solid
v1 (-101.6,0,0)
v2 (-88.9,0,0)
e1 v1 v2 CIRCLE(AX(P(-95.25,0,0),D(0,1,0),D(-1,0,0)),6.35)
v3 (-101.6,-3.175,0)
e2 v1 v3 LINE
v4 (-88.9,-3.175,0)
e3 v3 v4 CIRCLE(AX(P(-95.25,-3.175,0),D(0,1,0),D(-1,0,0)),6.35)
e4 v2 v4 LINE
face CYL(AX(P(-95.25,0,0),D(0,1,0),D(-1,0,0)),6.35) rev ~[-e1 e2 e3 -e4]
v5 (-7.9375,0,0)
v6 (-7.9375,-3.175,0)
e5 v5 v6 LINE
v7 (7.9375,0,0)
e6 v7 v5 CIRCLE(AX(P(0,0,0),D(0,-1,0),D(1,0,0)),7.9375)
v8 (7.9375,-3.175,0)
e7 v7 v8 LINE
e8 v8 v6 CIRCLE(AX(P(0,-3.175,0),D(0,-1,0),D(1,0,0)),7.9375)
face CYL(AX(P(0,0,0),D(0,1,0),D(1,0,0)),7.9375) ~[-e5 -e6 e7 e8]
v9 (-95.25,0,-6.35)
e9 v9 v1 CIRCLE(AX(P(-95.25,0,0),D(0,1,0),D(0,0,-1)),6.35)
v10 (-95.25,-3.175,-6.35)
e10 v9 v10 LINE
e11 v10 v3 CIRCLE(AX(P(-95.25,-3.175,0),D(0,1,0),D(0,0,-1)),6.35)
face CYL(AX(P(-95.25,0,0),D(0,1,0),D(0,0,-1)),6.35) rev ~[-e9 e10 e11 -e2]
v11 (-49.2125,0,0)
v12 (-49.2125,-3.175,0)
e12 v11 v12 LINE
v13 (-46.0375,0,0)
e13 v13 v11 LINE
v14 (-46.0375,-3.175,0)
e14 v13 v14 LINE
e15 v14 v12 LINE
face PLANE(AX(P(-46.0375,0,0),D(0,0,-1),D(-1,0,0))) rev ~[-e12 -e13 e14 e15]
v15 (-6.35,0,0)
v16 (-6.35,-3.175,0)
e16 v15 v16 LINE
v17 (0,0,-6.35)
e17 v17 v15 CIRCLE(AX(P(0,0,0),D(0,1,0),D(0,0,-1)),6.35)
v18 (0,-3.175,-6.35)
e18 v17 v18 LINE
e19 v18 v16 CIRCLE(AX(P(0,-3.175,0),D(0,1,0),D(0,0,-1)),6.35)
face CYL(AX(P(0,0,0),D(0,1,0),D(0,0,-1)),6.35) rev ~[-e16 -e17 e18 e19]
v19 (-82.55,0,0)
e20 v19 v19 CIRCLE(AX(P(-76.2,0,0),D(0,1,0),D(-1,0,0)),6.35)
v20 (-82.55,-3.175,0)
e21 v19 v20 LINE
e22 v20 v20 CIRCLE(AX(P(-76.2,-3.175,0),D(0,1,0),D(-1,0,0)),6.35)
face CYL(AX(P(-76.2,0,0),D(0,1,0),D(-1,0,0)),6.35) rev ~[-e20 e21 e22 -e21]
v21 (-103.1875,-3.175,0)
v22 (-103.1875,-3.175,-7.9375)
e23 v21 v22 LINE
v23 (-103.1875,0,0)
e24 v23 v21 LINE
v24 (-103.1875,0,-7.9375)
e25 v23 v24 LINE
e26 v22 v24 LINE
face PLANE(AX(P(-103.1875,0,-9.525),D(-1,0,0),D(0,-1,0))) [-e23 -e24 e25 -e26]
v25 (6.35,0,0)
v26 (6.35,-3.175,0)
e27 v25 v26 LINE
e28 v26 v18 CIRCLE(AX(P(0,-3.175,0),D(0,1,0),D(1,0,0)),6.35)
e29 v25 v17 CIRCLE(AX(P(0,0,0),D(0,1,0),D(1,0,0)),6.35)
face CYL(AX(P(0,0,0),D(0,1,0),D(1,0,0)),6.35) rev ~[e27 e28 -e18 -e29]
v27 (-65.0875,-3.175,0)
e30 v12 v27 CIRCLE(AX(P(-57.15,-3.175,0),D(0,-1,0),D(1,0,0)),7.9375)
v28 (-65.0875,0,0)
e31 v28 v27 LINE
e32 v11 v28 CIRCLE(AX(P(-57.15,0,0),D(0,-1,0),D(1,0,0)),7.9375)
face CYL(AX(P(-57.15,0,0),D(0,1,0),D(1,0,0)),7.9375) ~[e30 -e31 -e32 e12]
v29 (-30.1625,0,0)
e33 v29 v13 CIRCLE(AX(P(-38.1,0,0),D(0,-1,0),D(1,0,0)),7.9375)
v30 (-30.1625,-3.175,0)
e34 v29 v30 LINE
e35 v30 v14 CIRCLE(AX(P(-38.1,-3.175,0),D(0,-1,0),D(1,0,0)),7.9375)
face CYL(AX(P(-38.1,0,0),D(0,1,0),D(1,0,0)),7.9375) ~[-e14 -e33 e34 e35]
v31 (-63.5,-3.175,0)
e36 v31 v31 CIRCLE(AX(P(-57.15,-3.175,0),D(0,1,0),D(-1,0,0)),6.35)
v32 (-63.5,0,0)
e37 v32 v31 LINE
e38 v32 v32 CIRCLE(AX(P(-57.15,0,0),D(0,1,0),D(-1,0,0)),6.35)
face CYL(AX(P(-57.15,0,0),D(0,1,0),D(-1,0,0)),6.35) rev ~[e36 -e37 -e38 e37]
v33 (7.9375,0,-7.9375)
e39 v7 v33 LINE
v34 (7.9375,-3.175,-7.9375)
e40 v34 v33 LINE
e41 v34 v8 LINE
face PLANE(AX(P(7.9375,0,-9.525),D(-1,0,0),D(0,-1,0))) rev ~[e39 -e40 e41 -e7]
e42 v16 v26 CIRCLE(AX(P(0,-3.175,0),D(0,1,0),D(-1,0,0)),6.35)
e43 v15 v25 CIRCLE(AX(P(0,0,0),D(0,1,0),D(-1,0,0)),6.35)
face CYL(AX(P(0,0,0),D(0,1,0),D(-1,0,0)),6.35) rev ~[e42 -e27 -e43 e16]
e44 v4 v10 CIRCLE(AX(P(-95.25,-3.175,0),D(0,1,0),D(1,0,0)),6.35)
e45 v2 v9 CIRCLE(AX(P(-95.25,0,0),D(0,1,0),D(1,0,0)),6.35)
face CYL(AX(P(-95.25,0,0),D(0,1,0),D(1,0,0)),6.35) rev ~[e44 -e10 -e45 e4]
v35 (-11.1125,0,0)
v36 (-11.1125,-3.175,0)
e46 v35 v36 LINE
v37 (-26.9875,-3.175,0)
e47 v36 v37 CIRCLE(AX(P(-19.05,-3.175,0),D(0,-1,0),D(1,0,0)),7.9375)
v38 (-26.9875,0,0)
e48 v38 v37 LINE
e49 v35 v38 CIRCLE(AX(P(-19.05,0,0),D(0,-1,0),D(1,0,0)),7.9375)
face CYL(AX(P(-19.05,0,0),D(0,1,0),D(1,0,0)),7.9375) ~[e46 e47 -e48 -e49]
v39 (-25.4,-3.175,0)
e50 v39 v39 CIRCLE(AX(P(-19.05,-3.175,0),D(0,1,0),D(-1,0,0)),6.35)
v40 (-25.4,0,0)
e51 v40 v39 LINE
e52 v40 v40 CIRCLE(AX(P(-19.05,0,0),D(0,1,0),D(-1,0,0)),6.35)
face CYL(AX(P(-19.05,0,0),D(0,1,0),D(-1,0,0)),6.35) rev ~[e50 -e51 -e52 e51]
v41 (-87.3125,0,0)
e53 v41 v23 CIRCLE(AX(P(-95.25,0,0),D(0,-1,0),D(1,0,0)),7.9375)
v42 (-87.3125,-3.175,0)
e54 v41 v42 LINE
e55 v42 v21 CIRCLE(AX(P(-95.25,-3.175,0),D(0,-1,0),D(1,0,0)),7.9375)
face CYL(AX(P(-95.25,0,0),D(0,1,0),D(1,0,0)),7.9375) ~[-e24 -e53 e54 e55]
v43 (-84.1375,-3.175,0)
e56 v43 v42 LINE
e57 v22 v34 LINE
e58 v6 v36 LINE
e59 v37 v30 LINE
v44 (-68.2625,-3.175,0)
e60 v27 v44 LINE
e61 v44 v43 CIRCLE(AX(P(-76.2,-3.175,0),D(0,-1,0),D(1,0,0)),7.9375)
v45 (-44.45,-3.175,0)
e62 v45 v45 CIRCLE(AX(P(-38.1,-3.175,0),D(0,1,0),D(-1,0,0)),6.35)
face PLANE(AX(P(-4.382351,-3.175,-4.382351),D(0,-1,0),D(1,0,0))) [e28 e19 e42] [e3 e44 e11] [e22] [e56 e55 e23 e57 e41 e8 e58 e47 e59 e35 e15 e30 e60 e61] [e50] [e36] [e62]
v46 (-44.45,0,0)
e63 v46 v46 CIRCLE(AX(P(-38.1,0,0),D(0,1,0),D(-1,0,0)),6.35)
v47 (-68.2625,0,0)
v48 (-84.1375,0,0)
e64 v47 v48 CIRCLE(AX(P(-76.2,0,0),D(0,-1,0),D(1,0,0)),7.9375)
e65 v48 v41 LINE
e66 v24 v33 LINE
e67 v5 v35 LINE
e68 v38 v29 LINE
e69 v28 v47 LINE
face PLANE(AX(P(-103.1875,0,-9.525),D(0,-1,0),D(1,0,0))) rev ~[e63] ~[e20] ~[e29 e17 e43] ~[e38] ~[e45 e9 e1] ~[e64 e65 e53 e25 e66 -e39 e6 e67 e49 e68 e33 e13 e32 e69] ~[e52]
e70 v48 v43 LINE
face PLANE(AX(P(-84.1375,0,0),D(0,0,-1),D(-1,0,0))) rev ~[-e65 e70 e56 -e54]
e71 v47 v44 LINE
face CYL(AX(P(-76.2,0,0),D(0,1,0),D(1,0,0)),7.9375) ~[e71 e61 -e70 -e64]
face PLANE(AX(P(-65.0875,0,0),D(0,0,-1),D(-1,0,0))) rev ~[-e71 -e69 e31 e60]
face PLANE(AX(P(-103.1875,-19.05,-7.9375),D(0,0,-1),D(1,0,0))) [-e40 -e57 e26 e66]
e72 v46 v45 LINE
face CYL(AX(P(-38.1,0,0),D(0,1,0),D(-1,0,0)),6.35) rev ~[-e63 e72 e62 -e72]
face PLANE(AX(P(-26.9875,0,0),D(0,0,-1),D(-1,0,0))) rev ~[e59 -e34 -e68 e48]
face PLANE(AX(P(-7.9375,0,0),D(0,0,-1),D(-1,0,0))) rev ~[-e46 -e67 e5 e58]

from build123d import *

# Parameters (mm, degrees)
F1_DEPTH = 3.175
F2_W     = 111.125
F2_H     = 1.5875
F3_DEPTH = 15.875
F4_W     = 111.125
F4_H     = 19.05
F5_DEPTH = 1.5748
F6_W     = 111.125
F6_H     = 3.1623
F7_DEPTH = 25.4


with BuildPart() as f1:
    # F0 (on Front) → F1 (new body)
    with BuildSketch(Plane.XZ):
        with BuildLine():
            ThreePointArc((0, -6.35), (-4.4901280605, -4.4901280605), (-6.35, 0))
            Line((-6.35, 0), (-7.9375, 0))
            ThreePointArc((-7.9375, 0), (-5.6126600757, -5.6126600757), (0, -7.9375))
            Line((0, -7.9375), (0, -6.35))
        make_face()
        with BuildLine():
            Line((-7.9375, 0), (-6.35, 0))
            ThreePointArc((-6.35, 0), (0, 6.35), (6.35, 0))
            Line((6.35, 0), (7.9375, 0))
            ThreePointArc((7.9375, 0), (0, 7.9375), (-7.9375, 0))
        make_face()
        with BuildLine():
            Line((7.9375, 0), (6.35, 0))
            ThreePointArc((6.35, 0), (4.4901280605, -4.4901280605), (0, -6.35))
            Line((0, -6.35), (0, -7.9375))
            ThreePointArc((0, -7.9375), (5.6126600757, -5.6126600757), (7.9375, 0))
        make_face()
        with BuildLine():
            ThreePointArc((0, -7.9375), (-5.6126600757, -5.6126600757), (-7.9375, 0))
            Line((-7.9375, 0), (-11.1125, 0))
            ThreePointArc((-11.1125, 0), (-13.4373399347, -5.6126600861), (-19.0500000294, -7.9375))
            Line((-19.0500000294, -7.9375), (0, -7.9375))
        make_face()
        with BuildLine():
            Line((7.9375, -7.9375), (7.9375, 0))
            ThreePointArc((7.9375, 0), (5.6126600757, -5.6126600757), (0, -7.9375))
            Line((0, -7.9375), (7.9375, -7.9375))
        make_face()
        Polygon((7.9375, -7.9375), (0, -7.9375), (-19.0500000294, -7.9375), (-38.1000000951, -7.9375), (-57.15, -7.9375), (-76.2, -7.9375), (-95.25, -7.9375), (-103.1875, -7.9375), (-103.1875, -9.525), (7.9375, -9.525), align=None)
        with BuildLine():
            ThreePointArc((-19.0500000294, -7.9375), (-13.4373399347, -5.6126600861), (-11.1125, 0))
            Line((-11.1125, 0), (-12.7, 0))
            ThreePointArc((-12.7, 0), (-19.05, -6.35), (-25.4, 0))
            Line((-25.4, 0), (-26.9875, 0))
            ThreePointArc((-26.9875, 0), (-24.6626600861, -5.6126600653), (-19.0500000294, -7.9375))
        make_face()
        with BuildLine():
            Line((-12.7, 0), (-11.1125, 0))
            ThreePointArc((-11.1125, 0), (-19.05, 7.9375), (-26.9875, 0))
            Line((-26.9875, 0), (-25.4, 0))
            ThreePointArc((-25.4, 0), (-19.05, 6.35), (-12.7, 0))
        make_face()
        with BuildLine():
            Line((-38.1000000951, -7.9375), (-19.0500000294, -7.9375))
            ThreePointArc((-19.0500000294, -7.9375), (-24.6626600861, -5.6126600653), (-26.9875, 0))
            Line((-26.9875, 0), (-30.1625, 0))
            ThreePointArc((-30.1625, 0), (-32.487339958, -5.6126601093), (-38.1000000951, -7.9375))
        make_face()
        with BuildLine():
            Line((-57.15, -7.9375), (-38.1000000951, -7.9375))
            ThreePointArc((-38.1000000951, -7.9375), (-43.7126601093, -5.612660042), (-46.0375, 0))
            Line((-46.0375, 0), (-49.2125, 0))
            ThreePointArc((-49.2125, 0), (-51.5373399243, -5.6126600757), (-57.15, -7.9375))
        make_face()
        with BuildLine():
            ThreePointArc((-46.0375, 0), (-43.7126601093, -5.612660042), (-38.1000000951, -7.9375))
            ThreePointArc((-38.1000000951, -7.9375), (-32.487339958, -5.6126601093), (-30.1625, 0))
            Line((-30.1625, 0), (-31.75, 0))
            ThreePointArc((-31.75, 0), (-38.1, -6.35), (-44.45, 0))
            Line((-44.45, 0), (-46.0375, 0))
        make_face()
        with BuildLine():
            Line((-31.75, 0), (-30.1625, 0))
            ThreePointArc((-30.1625, 0), (-38.1, 7.9375), (-46.0375, 0))
            Line((-46.0375, 0), (-44.45, 0))
            ThreePointArc((-44.45, 0), (-38.1, 6.35), (-31.75, 0))
        make_face()
        with BuildLine():
            Line((-76.2, -7.9375), (-57.15, -7.9375))
            ThreePointArc((-57.15, -7.9375), (-62.7626600757, -5.6126600757), (-65.0875, 0))
            Line((-65.0875, 0), (-68.2625, 0))
            ThreePointArc((-68.2625, 0), (-70.5873399243, -5.6126600757), (-76.2, -7.9375))
        make_face()
        with BuildLine():
            ThreePointArc((-65.0875, 0), (-62.7626600757, -5.6126600757), (-57.15, -7.9375))
            ThreePointArc((-57.15, -7.9375), (-51.5373399243, -5.6126600757), (-49.2125, 0))
            Line((-49.2125, 0), (-50.8, 0))
            ThreePointArc((-50.8, 0), (-57.15, -6.35), (-63.5, 0))
            Line((-63.5, 0), (-65.0875, 0))
        make_face()
        with BuildLine():
            Line((-103.1875, 0), (-103.1875, -7.9375))
            Line((-103.1875, -7.9375), (-95.25, -7.9375))
            ThreePointArc((-95.25, -7.9375), (-100.8626600757, -5.6126600757), (-103.1875, 0))
        make_face()
        with BuildLine():
            Line((-50.8, 0), (-49.2125, 0))
            ThreePointArc((-49.2125, 0), (-57.15, 7.9375), (-65.0875, 0))
            Line((-65.0875, 0), (-63.5, 0))
            ThreePointArc((-63.5, 0), (-57.15, 6.35), (-50.8, 0))
        make_face()
        with BuildLine():
            Line((-95.25, -7.9375), (-76.2, -7.9375))
            ThreePointArc((-76.2, -7.9375), (-81.8126600757, -5.6126600757), (-84.1375, 0))
            Line((-84.1375, 0), (-87.3125, 0))
            ThreePointArc((-87.3125, 0), (-89.6373399243, -5.6126600757), (-95.25, -7.9375))
        make_face()
        with BuildLine():
            ThreePointArc((-84.1375, 0), (-81.8126600757, -5.6126600757), (-76.2, -7.9375))
            ThreePointArc((-76.2, -7.9375), (-70.5873399243, -5.6126600757), (-68.2625, 0))
            Line((-68.2625, 0), (-69.85, 0))
            ThreePointArc((-69.85, 0), (-76.2, -6.35), (-82.55, 0))
            Line((-82.55, 0), (-84.1375, 0))
        make_face()
        with BuildLine():
            Line((-101.6, 0), (-103.1875, 0))
            ThreePointArc((-103.1875, 0), (-100.8626600757, -5.6126600757), (-95.25, -7.9375))
            Line((-95.25, -7.9375), (-95.25, -6.35))
            ThreePointArc((-95.25, -6.35), (-99.7401280605, -4.4901280605), (-101.6, 0))
        make_face()
        with BuildLine():
            ThreePointArc((-87.3125, 0), (-95.25, 7.9375), (-103.1875, 0))
            Line((-103.1875, 0), (-101.6, 0))
            ThreePointArc((-101.6, 0), (-95.25, 6.35), (-88.9, 0))
            Line((-88.9, 0), (-87.3125, 0))
        make_face()
        with BuildLine():
            Line((-95.25, -6.35), (-95.25, -7.9375))
            ThreePointArc((-95.25, -7.9375), (-89.6373399243, -5.6126600757), (-87.3125, 0))
            Line((-87.3125, 0), (-88.9, 0))
            ThreePointArc((-88.9, 0), (-90.7598719395, -4.4901280605), (-95.25, -6.35))
        make_face()
        with BuildLine():
            Line((-69.85, 0), (-68.2625, 0))
            ThreePointArc((-68.2625, 0), (-76.2, 7.9375), (-84.1375, 0))
            Line((-84.1375, 0), (-82.55, 0))
            ThreePointArc((-82.55, 0), (-76.2, 6.35), (-69.85, 0))
        make_face()
    extrude(amount=F1_DEPTH)

    # F2 (on face) → F3 (join)
    with BuildSketch(Plane.XZ.offset(3.175)):
        with Locations((-47.625, -8.73125)):
            Rectangle(F2_W, F2_H)
    extrude(amount=F3_DEPTH)

    # F4 (on face) → F5 (join)
    with BuildSketch(Plane(origin=(0, 0, -9.525), x_dir=(1, 0, 0), z_dir=(0, 0, -1))):
        with Locations((-47.625, 9.525)):
            Rectangle(F4_W, F4_H)
    extrude(amount=F5_DEPTH)

    # F6 (on face) → F7 (cut)
    with BuildSketch(Plane.XZ.offset(19.05)):
        with Locations((-47.625, -9.51865)):
            Rectangle(F6_W, F6_H)
    extrude(amount=-F7_DEPTH, mode=Mode.SUBTRACT)


solid = f1.part
